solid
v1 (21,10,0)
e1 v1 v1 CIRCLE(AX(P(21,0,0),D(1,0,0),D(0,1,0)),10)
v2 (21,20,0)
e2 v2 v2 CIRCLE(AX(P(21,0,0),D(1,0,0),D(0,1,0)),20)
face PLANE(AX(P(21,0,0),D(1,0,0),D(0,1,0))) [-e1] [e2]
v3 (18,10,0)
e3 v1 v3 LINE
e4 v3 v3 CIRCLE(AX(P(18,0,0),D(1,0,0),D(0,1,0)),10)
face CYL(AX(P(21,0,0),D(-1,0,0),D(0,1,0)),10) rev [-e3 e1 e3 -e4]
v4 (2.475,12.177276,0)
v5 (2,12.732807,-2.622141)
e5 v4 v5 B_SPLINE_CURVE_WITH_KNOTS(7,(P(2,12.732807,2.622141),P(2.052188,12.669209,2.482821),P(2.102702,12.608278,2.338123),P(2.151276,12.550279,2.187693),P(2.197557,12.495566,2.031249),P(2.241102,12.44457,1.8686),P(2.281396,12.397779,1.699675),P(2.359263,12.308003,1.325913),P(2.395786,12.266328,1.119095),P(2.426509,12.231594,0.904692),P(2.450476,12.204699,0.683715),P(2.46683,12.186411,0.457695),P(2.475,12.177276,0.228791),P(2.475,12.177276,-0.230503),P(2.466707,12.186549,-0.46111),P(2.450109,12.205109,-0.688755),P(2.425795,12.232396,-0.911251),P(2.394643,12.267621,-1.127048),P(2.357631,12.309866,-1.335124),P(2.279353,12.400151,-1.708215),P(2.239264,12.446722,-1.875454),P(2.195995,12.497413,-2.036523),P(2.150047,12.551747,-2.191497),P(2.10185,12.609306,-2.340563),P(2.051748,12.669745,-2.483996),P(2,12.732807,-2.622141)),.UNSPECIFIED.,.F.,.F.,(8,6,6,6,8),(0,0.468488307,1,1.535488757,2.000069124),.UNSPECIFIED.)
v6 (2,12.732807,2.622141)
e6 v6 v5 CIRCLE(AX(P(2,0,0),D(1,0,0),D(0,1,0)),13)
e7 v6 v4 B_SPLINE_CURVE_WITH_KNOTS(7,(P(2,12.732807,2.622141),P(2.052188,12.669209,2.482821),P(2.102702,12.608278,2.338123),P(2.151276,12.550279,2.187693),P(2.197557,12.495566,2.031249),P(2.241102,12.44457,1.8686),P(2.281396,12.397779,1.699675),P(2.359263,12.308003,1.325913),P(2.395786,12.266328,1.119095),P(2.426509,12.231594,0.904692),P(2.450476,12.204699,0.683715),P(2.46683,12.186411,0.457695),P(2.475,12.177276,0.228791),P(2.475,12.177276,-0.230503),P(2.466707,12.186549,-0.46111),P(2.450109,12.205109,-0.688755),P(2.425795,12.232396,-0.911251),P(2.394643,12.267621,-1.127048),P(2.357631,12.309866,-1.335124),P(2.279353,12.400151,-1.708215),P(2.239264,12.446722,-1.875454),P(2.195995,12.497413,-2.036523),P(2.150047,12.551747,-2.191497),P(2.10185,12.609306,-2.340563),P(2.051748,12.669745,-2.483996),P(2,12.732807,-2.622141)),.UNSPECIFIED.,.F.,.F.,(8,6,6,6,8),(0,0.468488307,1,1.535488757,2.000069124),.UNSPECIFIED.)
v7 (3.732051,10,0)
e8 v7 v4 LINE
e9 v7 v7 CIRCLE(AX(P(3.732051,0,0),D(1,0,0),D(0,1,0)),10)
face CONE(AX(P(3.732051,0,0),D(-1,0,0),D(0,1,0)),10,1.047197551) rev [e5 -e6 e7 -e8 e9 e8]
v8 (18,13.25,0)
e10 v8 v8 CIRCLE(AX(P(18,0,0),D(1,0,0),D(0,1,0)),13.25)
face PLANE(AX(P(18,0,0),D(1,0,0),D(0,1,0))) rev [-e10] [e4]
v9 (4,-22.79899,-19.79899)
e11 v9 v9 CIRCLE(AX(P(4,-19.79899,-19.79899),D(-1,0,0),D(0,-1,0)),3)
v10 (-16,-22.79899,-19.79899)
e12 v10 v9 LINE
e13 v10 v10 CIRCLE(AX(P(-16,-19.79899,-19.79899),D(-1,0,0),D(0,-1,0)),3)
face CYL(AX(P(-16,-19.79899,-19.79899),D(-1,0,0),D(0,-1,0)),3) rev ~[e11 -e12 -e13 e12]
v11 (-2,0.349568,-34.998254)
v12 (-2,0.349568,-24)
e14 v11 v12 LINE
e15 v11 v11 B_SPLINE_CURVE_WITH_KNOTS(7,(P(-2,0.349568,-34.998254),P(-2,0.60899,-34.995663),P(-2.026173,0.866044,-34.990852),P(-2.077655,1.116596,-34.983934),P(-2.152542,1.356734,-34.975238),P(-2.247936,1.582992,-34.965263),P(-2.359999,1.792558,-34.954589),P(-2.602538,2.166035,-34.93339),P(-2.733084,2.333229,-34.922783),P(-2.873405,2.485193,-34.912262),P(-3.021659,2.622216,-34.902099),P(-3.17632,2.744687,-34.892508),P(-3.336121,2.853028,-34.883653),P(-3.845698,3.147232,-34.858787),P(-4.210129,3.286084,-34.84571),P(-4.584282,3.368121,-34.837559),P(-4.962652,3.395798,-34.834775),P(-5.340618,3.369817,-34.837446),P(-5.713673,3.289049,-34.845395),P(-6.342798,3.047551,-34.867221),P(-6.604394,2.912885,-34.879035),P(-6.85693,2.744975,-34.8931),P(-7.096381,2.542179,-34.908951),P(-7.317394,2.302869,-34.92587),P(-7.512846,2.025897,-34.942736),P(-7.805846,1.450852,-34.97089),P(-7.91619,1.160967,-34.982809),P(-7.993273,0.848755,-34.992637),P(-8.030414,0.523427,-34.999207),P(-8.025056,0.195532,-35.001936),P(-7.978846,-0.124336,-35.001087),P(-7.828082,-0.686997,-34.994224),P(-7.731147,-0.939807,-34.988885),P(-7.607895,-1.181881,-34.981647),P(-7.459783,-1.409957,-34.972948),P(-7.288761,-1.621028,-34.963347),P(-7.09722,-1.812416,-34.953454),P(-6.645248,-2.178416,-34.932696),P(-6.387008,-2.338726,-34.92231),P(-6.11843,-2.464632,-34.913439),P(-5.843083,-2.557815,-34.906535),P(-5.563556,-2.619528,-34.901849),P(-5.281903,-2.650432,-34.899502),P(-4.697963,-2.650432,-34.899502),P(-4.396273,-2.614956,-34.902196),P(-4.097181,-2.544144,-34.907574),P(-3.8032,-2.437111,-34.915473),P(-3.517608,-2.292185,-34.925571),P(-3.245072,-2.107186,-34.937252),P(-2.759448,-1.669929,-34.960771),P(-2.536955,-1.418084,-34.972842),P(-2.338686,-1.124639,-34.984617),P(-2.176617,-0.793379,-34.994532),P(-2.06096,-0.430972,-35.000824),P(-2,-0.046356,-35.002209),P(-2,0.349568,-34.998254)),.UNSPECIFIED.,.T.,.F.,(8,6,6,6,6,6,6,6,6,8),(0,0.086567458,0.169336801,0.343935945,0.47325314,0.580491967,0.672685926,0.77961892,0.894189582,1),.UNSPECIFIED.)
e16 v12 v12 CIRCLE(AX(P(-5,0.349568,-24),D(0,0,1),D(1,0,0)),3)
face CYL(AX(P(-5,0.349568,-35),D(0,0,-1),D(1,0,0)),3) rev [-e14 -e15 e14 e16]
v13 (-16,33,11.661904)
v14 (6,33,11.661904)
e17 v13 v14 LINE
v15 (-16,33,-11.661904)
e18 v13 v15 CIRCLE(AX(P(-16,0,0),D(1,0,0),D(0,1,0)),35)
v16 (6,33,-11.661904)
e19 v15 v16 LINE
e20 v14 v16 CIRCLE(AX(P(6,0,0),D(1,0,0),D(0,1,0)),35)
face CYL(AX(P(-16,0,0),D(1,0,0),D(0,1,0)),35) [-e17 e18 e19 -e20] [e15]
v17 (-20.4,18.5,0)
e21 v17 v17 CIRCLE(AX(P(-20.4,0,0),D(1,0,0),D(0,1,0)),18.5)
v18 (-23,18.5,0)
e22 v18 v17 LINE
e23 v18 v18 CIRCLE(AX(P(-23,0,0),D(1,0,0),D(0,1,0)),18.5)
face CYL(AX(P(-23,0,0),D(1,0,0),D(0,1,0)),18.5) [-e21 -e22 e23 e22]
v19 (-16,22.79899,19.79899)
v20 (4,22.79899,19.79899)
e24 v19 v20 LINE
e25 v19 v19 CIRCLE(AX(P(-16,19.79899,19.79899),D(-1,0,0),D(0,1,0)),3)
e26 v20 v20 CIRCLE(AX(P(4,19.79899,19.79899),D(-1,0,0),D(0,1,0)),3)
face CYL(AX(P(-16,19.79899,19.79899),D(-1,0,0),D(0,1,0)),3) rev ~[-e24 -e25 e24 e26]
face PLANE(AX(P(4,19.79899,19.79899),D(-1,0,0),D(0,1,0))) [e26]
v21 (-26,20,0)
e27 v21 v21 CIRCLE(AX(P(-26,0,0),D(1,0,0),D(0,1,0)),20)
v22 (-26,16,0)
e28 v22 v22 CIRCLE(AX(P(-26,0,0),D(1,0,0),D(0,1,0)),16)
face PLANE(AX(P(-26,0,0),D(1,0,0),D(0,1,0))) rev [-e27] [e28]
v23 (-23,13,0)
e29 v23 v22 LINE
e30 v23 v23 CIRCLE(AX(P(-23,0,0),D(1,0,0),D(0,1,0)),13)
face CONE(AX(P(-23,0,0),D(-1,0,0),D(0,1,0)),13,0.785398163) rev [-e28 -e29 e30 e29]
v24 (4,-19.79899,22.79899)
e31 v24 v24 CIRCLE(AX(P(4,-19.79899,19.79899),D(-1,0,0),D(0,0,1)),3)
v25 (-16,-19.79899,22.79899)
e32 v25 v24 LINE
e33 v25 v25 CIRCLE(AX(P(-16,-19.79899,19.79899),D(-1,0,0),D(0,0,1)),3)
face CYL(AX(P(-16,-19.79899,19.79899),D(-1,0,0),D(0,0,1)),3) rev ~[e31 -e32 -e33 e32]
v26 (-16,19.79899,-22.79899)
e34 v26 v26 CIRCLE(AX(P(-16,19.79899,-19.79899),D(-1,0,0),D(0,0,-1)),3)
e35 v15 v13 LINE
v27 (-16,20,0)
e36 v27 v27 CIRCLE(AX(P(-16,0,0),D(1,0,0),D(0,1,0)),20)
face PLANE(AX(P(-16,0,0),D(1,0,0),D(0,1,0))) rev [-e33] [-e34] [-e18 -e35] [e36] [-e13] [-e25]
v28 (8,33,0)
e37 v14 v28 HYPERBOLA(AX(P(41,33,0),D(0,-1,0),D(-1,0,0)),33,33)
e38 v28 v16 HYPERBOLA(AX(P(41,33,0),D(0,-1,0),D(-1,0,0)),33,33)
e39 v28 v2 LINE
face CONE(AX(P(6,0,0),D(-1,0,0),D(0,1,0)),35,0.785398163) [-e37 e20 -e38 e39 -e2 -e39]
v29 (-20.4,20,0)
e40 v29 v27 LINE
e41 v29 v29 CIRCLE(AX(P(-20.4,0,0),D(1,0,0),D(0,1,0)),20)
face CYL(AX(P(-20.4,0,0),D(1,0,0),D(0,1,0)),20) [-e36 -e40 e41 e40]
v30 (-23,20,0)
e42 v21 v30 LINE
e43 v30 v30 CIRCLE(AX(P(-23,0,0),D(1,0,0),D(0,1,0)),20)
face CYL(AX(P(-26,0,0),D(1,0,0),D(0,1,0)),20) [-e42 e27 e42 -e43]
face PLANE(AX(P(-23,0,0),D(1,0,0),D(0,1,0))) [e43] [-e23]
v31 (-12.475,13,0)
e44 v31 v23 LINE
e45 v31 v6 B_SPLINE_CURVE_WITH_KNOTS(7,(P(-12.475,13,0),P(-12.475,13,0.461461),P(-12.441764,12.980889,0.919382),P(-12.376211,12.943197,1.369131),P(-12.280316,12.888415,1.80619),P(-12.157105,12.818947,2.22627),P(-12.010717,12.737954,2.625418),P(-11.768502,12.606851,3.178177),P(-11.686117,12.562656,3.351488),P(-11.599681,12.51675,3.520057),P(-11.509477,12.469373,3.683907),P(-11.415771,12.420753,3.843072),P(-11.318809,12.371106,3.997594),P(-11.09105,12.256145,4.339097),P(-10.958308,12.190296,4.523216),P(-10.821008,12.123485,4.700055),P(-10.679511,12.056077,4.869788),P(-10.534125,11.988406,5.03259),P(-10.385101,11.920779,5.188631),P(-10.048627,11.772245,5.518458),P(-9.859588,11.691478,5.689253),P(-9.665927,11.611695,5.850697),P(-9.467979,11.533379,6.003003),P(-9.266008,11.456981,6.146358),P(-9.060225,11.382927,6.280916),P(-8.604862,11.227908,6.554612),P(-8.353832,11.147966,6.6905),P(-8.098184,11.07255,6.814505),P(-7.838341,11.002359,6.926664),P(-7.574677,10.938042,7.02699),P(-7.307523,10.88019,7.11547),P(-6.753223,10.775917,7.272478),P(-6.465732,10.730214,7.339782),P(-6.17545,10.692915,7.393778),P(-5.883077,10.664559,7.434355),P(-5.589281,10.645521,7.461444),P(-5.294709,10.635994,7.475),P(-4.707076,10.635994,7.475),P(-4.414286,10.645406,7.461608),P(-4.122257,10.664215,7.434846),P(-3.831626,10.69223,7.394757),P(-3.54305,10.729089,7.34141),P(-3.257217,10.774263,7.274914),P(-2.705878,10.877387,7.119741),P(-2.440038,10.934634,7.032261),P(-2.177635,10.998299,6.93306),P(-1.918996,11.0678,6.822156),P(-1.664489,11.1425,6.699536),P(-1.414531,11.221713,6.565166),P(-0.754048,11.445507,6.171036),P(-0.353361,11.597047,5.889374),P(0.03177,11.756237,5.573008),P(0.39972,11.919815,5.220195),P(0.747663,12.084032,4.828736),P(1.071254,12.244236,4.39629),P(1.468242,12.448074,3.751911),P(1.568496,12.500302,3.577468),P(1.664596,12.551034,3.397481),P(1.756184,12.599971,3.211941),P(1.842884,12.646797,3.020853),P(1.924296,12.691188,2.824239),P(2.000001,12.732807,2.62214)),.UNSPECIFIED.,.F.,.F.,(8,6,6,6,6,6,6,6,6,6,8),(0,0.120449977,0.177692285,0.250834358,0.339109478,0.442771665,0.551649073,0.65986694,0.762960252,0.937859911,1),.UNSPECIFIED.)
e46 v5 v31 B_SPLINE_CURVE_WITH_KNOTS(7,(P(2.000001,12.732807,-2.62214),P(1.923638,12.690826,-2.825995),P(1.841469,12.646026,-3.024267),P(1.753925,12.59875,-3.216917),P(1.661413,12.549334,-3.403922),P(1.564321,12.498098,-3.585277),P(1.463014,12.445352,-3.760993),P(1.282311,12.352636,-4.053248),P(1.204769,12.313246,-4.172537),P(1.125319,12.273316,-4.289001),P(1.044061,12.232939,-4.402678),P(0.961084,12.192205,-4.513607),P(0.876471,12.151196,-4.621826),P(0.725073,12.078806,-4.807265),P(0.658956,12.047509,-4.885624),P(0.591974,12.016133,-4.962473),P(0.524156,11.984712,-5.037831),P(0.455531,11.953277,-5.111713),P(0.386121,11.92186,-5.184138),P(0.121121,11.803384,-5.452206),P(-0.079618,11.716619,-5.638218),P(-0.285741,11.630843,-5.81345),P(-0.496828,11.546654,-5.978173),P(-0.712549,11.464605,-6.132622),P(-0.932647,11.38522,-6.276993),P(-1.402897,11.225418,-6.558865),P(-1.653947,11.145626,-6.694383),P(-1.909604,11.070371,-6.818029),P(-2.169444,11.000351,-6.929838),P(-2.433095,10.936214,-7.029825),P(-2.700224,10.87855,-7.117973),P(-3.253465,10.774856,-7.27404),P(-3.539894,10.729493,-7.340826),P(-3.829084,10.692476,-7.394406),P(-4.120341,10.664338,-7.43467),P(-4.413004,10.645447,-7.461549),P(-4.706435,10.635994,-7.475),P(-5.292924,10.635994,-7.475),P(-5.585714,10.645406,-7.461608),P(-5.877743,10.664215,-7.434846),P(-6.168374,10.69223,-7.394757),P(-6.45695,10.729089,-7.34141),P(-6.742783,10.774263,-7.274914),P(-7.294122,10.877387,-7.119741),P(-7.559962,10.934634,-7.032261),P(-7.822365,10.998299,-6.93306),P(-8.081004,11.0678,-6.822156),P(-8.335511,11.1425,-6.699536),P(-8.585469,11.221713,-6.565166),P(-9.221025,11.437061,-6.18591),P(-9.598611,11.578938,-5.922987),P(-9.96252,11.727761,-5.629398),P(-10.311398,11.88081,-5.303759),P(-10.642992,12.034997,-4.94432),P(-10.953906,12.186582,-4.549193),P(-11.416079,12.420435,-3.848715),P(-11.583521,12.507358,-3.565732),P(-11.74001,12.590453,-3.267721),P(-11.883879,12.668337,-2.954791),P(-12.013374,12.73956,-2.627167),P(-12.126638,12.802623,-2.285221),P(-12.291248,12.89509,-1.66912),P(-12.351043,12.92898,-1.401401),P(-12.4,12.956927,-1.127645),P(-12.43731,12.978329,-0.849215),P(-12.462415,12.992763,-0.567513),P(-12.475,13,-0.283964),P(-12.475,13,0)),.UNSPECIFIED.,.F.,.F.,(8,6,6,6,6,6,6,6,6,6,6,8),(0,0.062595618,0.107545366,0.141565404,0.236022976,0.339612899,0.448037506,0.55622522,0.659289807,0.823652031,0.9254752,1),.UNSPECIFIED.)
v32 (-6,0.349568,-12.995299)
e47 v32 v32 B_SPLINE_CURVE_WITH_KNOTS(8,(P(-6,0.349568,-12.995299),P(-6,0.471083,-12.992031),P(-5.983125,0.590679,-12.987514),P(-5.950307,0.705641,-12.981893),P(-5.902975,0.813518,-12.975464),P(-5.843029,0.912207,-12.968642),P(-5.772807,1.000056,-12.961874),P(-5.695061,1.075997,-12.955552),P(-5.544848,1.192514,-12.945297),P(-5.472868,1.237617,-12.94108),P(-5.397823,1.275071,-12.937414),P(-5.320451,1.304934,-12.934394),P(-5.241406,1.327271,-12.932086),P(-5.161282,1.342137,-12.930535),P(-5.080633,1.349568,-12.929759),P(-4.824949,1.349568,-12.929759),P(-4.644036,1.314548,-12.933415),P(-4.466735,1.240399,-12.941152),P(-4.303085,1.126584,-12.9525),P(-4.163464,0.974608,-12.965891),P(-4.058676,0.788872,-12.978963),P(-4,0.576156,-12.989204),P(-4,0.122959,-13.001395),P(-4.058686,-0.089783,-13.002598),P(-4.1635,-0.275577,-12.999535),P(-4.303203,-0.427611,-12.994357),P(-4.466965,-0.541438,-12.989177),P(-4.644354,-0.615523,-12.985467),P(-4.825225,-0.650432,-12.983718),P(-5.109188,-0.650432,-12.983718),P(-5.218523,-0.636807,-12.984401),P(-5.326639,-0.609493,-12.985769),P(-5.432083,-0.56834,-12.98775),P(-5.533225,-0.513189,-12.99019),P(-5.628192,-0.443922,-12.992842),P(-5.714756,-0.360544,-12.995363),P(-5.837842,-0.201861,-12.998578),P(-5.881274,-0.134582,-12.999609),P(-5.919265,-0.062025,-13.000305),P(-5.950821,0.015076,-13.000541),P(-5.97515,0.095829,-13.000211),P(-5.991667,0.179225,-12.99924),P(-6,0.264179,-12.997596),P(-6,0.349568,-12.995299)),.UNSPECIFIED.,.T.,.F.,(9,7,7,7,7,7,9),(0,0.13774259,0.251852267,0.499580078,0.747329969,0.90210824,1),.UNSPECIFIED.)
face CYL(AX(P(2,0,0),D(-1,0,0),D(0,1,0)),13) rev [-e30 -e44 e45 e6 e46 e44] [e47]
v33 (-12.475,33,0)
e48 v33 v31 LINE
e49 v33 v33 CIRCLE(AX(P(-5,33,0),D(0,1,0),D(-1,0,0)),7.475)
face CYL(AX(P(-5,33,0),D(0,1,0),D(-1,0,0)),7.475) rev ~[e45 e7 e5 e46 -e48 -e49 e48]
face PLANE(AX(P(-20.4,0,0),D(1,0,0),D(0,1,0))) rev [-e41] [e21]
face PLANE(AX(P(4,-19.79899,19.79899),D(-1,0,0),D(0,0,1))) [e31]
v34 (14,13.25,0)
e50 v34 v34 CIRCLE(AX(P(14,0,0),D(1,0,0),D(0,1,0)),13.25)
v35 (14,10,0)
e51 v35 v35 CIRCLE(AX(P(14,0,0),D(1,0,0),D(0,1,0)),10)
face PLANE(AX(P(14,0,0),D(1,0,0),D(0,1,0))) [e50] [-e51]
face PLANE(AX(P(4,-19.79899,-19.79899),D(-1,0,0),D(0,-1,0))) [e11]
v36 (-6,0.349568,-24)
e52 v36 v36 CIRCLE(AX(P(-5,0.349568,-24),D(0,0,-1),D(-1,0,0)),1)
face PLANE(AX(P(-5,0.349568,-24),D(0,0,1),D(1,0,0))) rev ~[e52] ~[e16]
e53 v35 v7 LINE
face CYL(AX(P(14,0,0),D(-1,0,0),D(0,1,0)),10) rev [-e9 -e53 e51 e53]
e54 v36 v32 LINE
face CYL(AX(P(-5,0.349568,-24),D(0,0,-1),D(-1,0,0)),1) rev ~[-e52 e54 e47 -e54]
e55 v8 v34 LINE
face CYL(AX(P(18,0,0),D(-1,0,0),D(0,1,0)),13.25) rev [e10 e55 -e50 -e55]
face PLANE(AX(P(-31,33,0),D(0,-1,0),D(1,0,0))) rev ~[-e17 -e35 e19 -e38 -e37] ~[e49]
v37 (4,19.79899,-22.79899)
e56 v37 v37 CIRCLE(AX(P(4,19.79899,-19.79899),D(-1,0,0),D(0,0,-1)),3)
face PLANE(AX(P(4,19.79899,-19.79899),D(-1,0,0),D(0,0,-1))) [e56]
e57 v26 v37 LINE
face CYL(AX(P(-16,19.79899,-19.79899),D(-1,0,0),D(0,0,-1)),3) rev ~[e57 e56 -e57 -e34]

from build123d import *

# Parameters (mm, degrees)
ESQUISSE2_W                  = 51
ESQUISSE2_H                  = 6
ENL_V_MAT_EXTRU_1_DEPTH      = 25
ENL_V_MAT_EXTRU_2_REACH      = 70
ESQUISSE3_R                  = 7.475
ESQUISSE4_R                  = 3
ENL_V_MAT_EXTRU_3_DEPTH      = 20
R_P_TITION_CIRCULAIRE1_COUNT = 4
ESQUISSE7_R                  = 3
ENL_V_MAT_EXTRU_5_DEPTH      = 11
ENL_V_MAT_EXTRU_6_REACH      = 61
ESQUISSE8_R                  = 1


with BuildPart() as part:
    # Esquisse1 → Base-Révolution (revolve)
    with BuildSketch(Plane.XY):
        Polygon((-26, 16), (-26, 20), (-23, 20), (-23, 18.5), (-20.4, 18.5), (-20.4, 20), (-16, 20), (-16, 35), (6, 35), (21, 20), (21, 10), (18, 10), (18, 13.25), (14, 13.25), (14, 10), (3.732050808, 10), (2, 13), (-23, 13), align=None)
    revolve(axis=Axis((-21, 0, 0), (1, 0, 0)))

    # Esquisse2 → Enlèv. mat.-Extru.1 (cut, symmetric)
    with BuildSketch(Plane.XY):
        with Locations((-5.5, 36)):
            Rectangle(ESQUISSE2_W, ESQUISSE2_H)
    extrude(amount=ENL_V_MAT_EXTRU_1_DEPTH, both=True, mode=Mode.SUBTRACT)

    # Esquisse3 → Enlèv. mat.-Extru.2 (cut, up to next)
    with BuildSketch(Plane(origin=(0, 33, 0), x_dir=(-1, 0, 0), z_dir=(0, 1, 0)), mode=Mode.PRIVATE) as enl_v_mat_extru_2_sk1:
        with Locations((5, 0)):
            Circle(ESQUISSE3_R)
    enl_v_mat_extru_2_tool1 = extrude(enl_v_mat_extru_2_sk1.sketch, amount=-ENL_V_MAT_EXTRU_2_REACH, mode=Mode.PRIVATE) & part.part
    add(enl_v_mat_extru_2_tool1.solids().sort_by_distance((-5, 33, 0))[0], mode=Mode.SUBTRACT)

    # Esquisse4 → Enlèv. mat.-Extru.3 (cut)
    with BuildSketch(Plane.ZY.offset(16)):
        with Locations((19.798989873, -19.798989873)):
            Circle(ESQUISSE4_R)
    enl_v_mat_extru_3 = extrude(amount=-ENL_V_MAT_EXTRU_3_DEPTH, mode=Mode.SUBTRACT)

    # Répétition circulaire1: Enlèv. mat.-Extru.3 ×4 about axis
    r_p_tition_circulaire1_axis = Axis((-21, 0, 0), (1, 0, 0))
    for i in range(1, R_P_TITION_CIRCULAIRE1_COUNT):
        add(enl_v_mat_extru_3.rotate(r_p_tition_circulaire1_axis, i * 360 / R_P_TITION_CIRCULAIRE1_COUNT), mode=Mode.SUBTRACT)

    # Esquisse7 → Enlèv. mat.-Extru.5 (cut)
    with BuildSketch(Plane.XY.offset(-35)):
        with Locations((-5, 0.349567503)):
            Circle(ESQUISSE7_R)
    extrude(amount=ENL_V_MAT_EXTRU_5_DEPTH, mode=Mode.SUBTRACT)

    # Esquisse8 → Enlèv. mat.-Extru.6 (cut, up to next)
    with BuildSketch(Plane(origin=(0, 0, -24), x_dir=(-1, 0, 0), z_dir=(0, 0, -1)), mode=Mode.PRIVATE) as enl_v_mat_extru_6_sk1:
        with Locations((5, 0.349567503)):
            Circle(ESQUISSE8_R)
    enl_v_mat_extru_6_tool1 = extrude(enl_v_mat_extru_6_sk1.sketch, amount=-ENL_V_MAT_EXTRU_6_REACH, mode=Mode.PRIVATE) & part.part
    add(enl_v_mat_extru_6_tool1.solids().sort_by_distance((-5, 0.349568, -24))[0], mode=Mode.SUBTRACT)


solid = part.part
